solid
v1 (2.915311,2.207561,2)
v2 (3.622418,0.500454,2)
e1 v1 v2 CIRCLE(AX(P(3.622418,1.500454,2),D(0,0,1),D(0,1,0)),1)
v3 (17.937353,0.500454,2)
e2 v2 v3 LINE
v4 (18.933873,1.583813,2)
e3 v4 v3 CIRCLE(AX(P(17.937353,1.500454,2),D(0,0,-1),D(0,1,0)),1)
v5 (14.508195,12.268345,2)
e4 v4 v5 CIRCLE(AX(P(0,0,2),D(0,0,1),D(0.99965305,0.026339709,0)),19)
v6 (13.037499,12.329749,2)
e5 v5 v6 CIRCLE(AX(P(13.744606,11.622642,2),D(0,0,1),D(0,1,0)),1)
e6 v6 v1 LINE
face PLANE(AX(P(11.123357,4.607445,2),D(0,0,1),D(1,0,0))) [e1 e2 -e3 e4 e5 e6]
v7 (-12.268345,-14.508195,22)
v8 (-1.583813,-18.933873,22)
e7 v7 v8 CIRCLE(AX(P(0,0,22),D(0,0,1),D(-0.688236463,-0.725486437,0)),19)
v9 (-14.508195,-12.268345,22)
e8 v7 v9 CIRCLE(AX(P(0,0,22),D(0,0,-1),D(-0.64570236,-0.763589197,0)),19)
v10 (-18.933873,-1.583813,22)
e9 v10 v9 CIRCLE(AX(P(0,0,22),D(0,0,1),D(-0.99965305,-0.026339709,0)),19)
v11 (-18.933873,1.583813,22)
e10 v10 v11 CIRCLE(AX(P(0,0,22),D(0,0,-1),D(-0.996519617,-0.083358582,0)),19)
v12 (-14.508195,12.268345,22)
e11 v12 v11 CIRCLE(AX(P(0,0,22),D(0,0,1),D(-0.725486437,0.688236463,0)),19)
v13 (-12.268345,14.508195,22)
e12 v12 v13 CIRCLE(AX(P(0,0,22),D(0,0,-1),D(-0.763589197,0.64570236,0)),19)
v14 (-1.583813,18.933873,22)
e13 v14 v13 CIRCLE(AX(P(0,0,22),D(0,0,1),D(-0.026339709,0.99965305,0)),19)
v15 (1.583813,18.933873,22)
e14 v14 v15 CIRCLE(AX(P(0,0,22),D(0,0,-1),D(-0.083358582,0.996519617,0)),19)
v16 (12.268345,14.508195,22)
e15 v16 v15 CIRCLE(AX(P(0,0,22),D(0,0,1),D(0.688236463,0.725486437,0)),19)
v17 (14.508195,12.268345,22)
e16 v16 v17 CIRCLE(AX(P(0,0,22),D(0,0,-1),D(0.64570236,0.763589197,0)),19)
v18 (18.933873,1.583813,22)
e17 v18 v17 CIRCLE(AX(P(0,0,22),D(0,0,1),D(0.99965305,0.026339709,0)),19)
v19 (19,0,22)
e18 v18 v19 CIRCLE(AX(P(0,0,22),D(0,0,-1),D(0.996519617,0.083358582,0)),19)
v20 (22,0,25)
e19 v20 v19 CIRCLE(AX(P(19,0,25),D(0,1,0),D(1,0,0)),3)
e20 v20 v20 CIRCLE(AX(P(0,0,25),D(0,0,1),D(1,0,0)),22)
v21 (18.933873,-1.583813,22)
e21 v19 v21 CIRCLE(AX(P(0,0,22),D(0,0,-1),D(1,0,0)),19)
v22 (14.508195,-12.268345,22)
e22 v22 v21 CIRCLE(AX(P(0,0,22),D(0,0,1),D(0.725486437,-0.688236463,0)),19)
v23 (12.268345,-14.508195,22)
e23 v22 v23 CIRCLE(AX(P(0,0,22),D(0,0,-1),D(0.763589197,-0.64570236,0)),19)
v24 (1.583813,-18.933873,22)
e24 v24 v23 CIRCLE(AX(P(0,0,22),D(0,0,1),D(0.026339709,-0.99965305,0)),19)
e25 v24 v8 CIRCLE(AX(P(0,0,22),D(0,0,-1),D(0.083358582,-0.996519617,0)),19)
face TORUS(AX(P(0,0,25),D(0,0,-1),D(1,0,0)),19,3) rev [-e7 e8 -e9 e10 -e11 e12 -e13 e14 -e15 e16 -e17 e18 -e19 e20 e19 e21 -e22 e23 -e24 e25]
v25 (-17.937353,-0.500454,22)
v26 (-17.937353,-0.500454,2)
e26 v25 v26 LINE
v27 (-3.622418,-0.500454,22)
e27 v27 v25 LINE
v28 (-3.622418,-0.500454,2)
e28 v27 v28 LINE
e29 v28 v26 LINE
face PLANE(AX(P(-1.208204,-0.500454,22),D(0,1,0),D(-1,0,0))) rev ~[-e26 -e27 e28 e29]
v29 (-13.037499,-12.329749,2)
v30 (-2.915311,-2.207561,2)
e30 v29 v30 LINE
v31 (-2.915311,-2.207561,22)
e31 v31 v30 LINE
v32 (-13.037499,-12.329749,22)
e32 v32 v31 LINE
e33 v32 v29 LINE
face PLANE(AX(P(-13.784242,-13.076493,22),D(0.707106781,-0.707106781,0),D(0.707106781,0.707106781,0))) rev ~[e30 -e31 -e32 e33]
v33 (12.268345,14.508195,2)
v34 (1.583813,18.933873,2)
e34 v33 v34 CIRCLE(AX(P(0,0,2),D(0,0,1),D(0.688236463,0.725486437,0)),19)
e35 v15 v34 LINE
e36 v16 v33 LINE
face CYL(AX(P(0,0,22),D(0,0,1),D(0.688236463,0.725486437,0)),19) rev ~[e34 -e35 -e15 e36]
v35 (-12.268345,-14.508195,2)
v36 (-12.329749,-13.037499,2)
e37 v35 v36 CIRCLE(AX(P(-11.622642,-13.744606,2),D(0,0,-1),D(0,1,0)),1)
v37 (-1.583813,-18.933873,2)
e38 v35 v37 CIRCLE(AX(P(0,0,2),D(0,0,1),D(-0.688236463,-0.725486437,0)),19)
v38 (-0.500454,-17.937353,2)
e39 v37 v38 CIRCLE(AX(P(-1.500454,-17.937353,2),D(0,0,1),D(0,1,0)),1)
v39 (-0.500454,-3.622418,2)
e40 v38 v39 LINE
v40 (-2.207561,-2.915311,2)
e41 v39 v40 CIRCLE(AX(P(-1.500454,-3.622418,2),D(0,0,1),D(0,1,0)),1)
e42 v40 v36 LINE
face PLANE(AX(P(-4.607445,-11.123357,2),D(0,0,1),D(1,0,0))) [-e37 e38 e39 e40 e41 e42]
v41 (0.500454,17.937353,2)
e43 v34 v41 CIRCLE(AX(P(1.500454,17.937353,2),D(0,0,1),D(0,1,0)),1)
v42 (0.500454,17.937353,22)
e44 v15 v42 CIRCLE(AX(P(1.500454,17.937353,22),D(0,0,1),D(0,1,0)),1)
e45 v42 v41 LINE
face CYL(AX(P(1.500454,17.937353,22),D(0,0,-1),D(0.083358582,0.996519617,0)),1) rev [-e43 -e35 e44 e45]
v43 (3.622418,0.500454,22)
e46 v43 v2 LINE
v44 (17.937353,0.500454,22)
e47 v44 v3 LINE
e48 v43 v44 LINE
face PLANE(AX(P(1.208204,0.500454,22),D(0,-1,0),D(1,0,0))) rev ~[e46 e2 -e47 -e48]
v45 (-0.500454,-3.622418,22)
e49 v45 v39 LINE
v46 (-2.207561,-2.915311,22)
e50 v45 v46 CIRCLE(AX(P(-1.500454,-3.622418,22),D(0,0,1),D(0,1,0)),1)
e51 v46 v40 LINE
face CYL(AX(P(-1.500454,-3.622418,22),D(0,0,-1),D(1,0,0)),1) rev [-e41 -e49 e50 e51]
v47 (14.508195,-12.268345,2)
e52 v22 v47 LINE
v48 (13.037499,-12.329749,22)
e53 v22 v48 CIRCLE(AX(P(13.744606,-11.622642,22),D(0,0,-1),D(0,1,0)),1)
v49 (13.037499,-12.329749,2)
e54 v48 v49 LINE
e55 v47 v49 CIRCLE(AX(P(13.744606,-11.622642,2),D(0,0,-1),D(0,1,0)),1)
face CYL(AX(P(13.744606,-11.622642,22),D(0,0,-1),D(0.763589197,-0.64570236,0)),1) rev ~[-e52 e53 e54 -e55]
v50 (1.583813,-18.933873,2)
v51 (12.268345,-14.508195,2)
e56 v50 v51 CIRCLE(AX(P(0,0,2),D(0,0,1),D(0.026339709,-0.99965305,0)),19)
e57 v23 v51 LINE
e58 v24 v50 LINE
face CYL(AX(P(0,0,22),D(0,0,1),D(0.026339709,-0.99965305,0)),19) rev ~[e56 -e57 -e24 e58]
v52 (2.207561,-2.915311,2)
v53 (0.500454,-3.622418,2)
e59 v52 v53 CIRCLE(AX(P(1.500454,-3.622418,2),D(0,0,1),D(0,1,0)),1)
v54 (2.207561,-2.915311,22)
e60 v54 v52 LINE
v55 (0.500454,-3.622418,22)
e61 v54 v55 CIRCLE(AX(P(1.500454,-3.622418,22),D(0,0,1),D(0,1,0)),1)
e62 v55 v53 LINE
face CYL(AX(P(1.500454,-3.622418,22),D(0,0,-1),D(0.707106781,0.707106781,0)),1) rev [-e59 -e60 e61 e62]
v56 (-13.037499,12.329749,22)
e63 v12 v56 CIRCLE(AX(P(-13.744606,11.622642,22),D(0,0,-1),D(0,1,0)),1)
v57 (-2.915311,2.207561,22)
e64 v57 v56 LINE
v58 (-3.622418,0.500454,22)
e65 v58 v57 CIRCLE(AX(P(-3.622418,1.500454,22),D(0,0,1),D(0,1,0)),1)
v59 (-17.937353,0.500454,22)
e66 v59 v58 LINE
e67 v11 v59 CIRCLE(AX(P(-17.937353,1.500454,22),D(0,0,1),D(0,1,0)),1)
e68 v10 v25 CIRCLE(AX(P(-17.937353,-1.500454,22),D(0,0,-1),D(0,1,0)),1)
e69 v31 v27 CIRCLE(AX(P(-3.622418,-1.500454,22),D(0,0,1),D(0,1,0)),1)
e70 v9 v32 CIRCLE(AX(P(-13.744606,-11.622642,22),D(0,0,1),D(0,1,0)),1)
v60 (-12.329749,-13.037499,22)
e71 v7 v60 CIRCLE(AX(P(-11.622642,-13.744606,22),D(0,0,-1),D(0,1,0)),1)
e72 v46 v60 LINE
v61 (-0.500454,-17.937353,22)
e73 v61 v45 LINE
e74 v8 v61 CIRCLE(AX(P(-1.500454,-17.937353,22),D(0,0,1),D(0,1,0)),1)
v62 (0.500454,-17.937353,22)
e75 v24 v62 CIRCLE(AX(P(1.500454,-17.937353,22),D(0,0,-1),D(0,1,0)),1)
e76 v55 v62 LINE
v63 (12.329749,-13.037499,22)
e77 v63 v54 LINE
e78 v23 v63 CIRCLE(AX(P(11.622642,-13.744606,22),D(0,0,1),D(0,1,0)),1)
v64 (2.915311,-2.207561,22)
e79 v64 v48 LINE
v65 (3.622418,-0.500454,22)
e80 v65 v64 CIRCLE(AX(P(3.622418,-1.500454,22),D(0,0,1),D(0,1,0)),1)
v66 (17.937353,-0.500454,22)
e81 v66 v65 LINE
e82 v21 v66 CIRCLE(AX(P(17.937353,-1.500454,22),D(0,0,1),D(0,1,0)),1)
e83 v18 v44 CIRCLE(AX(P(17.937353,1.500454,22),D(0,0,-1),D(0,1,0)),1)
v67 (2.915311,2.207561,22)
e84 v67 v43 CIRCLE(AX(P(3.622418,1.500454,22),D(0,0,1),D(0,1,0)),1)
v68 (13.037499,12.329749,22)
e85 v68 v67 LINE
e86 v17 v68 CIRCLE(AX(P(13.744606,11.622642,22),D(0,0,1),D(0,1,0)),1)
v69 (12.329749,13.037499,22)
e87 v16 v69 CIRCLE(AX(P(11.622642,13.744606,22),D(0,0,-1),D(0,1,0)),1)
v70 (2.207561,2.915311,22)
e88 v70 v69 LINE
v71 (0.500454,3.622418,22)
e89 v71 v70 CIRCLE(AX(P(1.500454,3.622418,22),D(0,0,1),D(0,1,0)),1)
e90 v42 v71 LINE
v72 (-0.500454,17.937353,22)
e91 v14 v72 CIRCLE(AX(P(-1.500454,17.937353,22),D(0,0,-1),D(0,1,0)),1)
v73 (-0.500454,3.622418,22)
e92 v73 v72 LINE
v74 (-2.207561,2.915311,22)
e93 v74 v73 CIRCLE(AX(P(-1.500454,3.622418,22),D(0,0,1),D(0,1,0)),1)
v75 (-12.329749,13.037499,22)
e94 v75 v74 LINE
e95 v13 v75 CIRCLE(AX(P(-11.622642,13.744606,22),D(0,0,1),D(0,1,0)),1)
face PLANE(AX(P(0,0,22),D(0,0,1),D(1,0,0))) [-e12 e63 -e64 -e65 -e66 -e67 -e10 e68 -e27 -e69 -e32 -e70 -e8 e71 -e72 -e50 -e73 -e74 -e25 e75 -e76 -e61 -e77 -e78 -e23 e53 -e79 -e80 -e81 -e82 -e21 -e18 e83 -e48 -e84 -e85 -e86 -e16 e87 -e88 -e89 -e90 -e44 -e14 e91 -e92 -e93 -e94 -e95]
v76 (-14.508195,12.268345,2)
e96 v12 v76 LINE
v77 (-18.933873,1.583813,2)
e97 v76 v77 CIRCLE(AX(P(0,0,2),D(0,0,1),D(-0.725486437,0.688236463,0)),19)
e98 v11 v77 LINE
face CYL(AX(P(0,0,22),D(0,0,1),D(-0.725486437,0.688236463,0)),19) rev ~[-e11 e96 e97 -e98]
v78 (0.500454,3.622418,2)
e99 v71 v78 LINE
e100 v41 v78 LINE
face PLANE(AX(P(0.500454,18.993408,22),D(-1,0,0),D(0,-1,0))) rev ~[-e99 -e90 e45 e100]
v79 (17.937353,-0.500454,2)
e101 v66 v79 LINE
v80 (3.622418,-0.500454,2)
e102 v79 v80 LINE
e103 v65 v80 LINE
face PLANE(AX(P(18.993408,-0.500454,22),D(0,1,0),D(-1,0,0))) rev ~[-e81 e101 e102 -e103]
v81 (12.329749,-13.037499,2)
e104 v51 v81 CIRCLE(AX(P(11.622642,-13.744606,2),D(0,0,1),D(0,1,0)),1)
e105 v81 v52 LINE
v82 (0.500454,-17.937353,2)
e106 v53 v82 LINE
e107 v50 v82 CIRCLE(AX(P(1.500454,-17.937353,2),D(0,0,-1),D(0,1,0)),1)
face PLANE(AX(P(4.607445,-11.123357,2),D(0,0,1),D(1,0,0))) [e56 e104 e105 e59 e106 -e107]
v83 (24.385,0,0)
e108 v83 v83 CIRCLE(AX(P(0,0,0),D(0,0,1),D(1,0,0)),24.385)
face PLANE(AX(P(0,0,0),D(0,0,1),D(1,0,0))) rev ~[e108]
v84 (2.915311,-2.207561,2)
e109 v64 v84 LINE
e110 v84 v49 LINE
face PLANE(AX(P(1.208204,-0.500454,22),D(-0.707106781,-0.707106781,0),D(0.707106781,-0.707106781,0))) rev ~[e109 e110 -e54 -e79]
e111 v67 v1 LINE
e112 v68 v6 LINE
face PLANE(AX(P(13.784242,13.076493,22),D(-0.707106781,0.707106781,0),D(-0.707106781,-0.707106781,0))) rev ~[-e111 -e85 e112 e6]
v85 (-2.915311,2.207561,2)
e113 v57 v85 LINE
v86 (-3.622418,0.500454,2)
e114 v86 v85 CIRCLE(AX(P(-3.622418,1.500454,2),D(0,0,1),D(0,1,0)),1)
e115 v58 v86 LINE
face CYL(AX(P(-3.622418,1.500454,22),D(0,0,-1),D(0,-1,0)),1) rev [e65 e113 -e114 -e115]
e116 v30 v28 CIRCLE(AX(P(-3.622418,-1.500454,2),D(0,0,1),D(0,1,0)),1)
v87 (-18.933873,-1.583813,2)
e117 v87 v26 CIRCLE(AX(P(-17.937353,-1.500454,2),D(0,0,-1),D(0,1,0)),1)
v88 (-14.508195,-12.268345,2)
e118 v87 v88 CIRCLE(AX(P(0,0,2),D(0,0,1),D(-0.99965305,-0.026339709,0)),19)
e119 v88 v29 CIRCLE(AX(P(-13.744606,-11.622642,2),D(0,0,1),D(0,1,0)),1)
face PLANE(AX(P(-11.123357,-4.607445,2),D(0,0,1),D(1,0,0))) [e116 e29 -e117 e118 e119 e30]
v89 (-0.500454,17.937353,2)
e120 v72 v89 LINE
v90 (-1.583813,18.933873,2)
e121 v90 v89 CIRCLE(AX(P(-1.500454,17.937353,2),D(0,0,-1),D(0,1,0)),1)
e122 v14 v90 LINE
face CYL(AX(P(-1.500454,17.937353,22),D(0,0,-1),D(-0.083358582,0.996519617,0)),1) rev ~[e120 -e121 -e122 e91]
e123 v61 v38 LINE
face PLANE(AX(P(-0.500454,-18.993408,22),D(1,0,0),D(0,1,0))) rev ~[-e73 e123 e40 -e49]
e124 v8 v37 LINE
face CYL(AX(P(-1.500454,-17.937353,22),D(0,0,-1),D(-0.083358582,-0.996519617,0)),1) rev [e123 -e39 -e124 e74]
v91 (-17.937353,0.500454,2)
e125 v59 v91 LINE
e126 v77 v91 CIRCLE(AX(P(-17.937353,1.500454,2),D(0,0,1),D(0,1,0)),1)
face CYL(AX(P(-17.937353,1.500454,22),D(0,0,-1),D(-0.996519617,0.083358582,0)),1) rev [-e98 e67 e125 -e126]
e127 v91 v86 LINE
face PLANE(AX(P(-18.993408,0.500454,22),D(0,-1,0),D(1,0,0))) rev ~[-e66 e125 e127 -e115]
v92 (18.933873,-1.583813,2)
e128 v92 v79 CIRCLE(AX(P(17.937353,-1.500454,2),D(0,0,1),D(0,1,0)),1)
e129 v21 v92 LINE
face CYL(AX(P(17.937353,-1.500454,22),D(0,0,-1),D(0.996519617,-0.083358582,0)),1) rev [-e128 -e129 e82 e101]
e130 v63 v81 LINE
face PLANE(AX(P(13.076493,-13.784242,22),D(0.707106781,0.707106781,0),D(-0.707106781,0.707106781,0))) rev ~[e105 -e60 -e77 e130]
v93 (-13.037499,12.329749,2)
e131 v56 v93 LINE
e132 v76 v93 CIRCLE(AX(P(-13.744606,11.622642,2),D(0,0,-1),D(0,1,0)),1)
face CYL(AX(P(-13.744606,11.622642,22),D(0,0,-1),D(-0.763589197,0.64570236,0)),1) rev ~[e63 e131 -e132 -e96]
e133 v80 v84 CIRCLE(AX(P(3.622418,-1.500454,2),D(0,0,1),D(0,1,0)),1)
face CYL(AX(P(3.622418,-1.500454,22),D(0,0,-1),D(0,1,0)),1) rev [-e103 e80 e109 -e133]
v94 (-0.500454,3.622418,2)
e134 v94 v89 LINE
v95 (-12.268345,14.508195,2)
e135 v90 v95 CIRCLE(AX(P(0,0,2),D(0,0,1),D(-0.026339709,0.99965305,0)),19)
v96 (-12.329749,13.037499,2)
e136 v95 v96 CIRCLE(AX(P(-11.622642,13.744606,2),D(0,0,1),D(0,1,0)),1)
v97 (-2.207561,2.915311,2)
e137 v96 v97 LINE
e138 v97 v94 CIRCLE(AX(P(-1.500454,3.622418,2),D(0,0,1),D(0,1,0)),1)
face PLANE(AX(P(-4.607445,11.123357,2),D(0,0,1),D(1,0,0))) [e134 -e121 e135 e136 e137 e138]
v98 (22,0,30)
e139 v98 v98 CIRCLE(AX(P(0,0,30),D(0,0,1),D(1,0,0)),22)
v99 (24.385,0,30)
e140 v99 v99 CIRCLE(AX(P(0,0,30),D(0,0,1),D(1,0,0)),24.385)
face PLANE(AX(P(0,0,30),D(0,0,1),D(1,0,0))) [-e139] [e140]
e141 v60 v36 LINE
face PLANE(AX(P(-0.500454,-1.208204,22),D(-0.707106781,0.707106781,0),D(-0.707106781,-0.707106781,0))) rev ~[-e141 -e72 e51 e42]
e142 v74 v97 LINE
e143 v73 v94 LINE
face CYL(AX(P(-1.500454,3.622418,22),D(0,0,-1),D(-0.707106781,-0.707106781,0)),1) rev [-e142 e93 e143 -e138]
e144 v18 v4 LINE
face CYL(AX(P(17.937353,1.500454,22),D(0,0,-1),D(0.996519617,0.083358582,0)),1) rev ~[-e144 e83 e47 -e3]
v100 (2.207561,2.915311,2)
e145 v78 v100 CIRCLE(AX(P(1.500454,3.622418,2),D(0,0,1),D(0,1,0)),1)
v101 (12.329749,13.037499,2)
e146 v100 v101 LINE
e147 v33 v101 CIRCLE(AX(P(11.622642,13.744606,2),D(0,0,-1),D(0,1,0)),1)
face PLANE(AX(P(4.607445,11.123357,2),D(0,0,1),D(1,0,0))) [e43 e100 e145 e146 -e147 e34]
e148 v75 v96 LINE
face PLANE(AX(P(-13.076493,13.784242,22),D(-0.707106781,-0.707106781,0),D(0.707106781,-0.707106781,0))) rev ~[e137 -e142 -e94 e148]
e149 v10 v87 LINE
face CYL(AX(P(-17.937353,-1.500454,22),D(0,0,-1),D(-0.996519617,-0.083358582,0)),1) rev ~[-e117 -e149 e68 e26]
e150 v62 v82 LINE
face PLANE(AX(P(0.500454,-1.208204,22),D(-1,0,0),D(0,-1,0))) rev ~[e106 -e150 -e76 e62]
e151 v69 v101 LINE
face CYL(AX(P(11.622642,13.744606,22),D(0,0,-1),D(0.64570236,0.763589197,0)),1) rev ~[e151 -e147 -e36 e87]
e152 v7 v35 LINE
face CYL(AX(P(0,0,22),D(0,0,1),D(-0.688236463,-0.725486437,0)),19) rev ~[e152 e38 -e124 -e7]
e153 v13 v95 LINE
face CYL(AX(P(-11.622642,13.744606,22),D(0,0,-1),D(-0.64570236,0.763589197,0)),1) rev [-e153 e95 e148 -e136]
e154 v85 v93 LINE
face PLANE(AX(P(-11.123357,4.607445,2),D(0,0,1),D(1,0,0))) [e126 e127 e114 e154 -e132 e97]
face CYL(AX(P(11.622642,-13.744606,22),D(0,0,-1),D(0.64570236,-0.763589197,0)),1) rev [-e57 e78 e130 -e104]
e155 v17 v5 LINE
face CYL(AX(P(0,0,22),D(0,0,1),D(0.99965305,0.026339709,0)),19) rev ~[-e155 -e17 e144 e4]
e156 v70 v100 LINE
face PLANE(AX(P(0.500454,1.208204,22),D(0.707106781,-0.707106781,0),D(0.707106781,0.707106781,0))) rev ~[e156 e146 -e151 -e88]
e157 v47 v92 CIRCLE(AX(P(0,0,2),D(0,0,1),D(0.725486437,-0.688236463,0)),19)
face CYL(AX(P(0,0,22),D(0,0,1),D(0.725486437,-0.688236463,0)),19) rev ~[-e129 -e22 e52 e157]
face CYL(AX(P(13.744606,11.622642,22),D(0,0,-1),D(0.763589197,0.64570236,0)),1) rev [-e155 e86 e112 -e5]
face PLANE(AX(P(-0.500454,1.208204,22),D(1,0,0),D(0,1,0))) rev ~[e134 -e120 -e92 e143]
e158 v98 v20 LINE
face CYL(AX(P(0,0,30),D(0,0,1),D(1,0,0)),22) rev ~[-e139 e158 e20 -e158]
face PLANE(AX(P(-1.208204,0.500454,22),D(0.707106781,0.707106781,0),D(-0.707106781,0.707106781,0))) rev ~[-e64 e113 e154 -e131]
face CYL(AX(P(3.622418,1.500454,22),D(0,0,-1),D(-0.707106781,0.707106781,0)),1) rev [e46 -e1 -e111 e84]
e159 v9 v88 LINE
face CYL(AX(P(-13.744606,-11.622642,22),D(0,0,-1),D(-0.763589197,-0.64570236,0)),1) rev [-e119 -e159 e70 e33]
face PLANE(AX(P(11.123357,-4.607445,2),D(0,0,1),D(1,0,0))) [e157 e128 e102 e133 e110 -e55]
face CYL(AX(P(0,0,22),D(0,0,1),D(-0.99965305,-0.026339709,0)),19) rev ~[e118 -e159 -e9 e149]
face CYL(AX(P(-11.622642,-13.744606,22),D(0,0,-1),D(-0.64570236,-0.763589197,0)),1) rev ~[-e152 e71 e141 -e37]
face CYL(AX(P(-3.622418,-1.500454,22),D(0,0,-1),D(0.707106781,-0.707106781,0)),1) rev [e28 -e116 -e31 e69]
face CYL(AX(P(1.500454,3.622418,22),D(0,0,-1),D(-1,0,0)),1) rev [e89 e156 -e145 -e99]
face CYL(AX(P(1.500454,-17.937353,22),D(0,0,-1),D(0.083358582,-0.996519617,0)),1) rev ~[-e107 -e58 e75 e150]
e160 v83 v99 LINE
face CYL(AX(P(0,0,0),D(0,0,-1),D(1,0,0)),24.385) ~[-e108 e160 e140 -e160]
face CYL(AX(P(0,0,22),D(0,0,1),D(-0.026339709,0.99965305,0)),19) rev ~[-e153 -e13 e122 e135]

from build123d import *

# Parameters (mm, degrees)
F0_R     = 24.385
F1_DEPTH = 30
F2_R     = 22
F3_DEPTH = 8
F4_R     = 3
F6_DEPTH = 20
F7_R     = 1


with BuildPart() as f1:
    # F0 (on Top) → F1 (new body)
    with BuildSketch(Plane.XY):
        Circle(F0_R)
    extrude(amount=F1_DEPTH)

    # F2 (on face) → F3 (cut)
    with BuildSketch(Plane.XY.offset(30)):
        Circle(F2_R)
    extrude(amount=-F3_DEPTH, mode=Mode.SUBTRACT)

    # F4
    f4_edges = [f1.edges().sort_by_distance(p)[0] for p in [
        (-22, 0, 22),
    ]]
    fillet(f4_edges, radius=F4_R)

    # F5 (on face) → F6 (cut)
    with BuildSketch(Plane.XY.offset(22)):
        with BuildLine():
            Line((-1.2082039889, -0.5004544783), (-18.9934079437, -0.5004544783))
            ThreePointArc((-18.9934079437, -0.5004544783), (-17.5537111177, -7.2709852149), (-13.7842423101, -13.0764927995))
            Line((-13.7842423101, -13.0764927995), (-1.2082039889, -0.5004544783))
        make_face()
        with BuildLine():
            ThreePointArc((-13.7842423101, 13.0764927995), (-17.5537111177, 7.2709852149), (-18.9934079437, 0.5004544783))
            Line((-18.9934079437, 0.5004544783), (-1.2082039889, 0.5004544783))
            Line((-1.2082039889, 0.5004544783), (-13.7842423101, 13.0764927995))
        make_face()
        with BuildLine():
            Line((-0.5004544783, -1.2082039889), (-13.0764927995, -13.7842423101))
            ThreePointArc((-13.0764927995, -13.7842423101), (-7.2709852149, -17.5537111177), (-0.5004544783, -18.9934079437))
            Line((-0.5004544783, -18.9934079437), (-0.5004544783, -1.2082039889))
        make_face()
        with BuildLine():
            Line((0.5004544783, -1.2082039889), (0.5004544783, -18.9934079437))
            ThreePointArc((0.5004544783, -18.9934079437), (7.2709852149, -17.5537111177), (13.0764927995, -13.7842423101))
            Line((13.0764927995, -13.7842423101), (0.5004544783, -1.2082039889))
        make_face()
        with BuildLine():
            Line((1.2082039889, -0.5004544783), (13.7842423101, -13.0764927995))
            ThreePointArc((13.7842423101, -13.0764927995), (17.5537111177, -7.2709852149), (18.9934079437, -0.5004544783))
            Line((18.9934079437, -0.5004544783), (1.2082039889, -0.5004544783))
        make_face()
        with BuildLine():
            Line((1.2082039889, 0.5004544783), (18.9934079437, 0.5004544783))
            ThreePointArc((18.9934079437, 0.5004544783), (17.5537111177, 7.2709852149), (13.7842423101, 13.0764927995))
            Line((13.7842423101, 13.0764927995), (1.2082039889, 0.5004544783))
        make_face()
        with BuildLine():
            Line((0.5004544783, 1.2082039889), (13.0764927995, 13.7842423101))
            ThreePointArc((13.0764927995, 13.7842423101), (7.2709852149, 17.5537111177), (0.5004544783, 18.9934079437))
            Line((0.5004544783, 18.9934079437), (0.5004544783, 1.2082039889))
        make_face()
        with BuildLine():
            Line((-0.5004544783, 1.2082039889), (-0.5004544783, 18.9934079437))
            ThreePointArc((-0.5004544783, 18.9934079437), (-7.2709852149, 17.5537111177), (-13.0764927995, 13.7842423101))
            Line((-13.0764927995, 13.7842423101), (-0.5004544783, 1.2082039889))
        make_face()
    extrude(amount=-F6_DEPTH, mode=Mode.SUBTRACT)

    # F7
    f7_edges = [f1.edges().sort_by_distance(p)[0] for p in [
        (-18.993408, 0.500454, 12),
        (-18.993408, -0.500454, 12),
        (-13.076493, 13.784242, 12),
        (-13.784242, 13.076493, 12),
        (0.500454, 18.993408, 12),
        (-0.500454, 18.993408, 12),
        (13.076493, 13.784242, 12),
        (13.784242, 13.076493, 12),
        (18.993408, 0.500454, 12),
        (18.993408, -0.500454, 12),
        (13.076493, -13.784242, 12),
        (13.784242, -13.076493, 12),
        (0.500454, -18.993408, 12),
        (-0.500454, -18.993408, 12),
        (-13.076493, -13.784242, 12),
        (-13.784242, -13.076493, 12),
        (-0.500454, -1.208204, 12),
        (-1.208204, -0.500454, 12),
        (-1.208204, 0.500454, 12),
        (-0.500454, 1.208204, 12),
        (0.500454, 1.208204, 12),
        (1.208204, 0.500454, 12),
        (1.208204, -0.500454, 12),
        (0.500454, -1.208204, 12),
    ]]
    fillet(f7_edges, radius=F7_R)


solid = f1.part
